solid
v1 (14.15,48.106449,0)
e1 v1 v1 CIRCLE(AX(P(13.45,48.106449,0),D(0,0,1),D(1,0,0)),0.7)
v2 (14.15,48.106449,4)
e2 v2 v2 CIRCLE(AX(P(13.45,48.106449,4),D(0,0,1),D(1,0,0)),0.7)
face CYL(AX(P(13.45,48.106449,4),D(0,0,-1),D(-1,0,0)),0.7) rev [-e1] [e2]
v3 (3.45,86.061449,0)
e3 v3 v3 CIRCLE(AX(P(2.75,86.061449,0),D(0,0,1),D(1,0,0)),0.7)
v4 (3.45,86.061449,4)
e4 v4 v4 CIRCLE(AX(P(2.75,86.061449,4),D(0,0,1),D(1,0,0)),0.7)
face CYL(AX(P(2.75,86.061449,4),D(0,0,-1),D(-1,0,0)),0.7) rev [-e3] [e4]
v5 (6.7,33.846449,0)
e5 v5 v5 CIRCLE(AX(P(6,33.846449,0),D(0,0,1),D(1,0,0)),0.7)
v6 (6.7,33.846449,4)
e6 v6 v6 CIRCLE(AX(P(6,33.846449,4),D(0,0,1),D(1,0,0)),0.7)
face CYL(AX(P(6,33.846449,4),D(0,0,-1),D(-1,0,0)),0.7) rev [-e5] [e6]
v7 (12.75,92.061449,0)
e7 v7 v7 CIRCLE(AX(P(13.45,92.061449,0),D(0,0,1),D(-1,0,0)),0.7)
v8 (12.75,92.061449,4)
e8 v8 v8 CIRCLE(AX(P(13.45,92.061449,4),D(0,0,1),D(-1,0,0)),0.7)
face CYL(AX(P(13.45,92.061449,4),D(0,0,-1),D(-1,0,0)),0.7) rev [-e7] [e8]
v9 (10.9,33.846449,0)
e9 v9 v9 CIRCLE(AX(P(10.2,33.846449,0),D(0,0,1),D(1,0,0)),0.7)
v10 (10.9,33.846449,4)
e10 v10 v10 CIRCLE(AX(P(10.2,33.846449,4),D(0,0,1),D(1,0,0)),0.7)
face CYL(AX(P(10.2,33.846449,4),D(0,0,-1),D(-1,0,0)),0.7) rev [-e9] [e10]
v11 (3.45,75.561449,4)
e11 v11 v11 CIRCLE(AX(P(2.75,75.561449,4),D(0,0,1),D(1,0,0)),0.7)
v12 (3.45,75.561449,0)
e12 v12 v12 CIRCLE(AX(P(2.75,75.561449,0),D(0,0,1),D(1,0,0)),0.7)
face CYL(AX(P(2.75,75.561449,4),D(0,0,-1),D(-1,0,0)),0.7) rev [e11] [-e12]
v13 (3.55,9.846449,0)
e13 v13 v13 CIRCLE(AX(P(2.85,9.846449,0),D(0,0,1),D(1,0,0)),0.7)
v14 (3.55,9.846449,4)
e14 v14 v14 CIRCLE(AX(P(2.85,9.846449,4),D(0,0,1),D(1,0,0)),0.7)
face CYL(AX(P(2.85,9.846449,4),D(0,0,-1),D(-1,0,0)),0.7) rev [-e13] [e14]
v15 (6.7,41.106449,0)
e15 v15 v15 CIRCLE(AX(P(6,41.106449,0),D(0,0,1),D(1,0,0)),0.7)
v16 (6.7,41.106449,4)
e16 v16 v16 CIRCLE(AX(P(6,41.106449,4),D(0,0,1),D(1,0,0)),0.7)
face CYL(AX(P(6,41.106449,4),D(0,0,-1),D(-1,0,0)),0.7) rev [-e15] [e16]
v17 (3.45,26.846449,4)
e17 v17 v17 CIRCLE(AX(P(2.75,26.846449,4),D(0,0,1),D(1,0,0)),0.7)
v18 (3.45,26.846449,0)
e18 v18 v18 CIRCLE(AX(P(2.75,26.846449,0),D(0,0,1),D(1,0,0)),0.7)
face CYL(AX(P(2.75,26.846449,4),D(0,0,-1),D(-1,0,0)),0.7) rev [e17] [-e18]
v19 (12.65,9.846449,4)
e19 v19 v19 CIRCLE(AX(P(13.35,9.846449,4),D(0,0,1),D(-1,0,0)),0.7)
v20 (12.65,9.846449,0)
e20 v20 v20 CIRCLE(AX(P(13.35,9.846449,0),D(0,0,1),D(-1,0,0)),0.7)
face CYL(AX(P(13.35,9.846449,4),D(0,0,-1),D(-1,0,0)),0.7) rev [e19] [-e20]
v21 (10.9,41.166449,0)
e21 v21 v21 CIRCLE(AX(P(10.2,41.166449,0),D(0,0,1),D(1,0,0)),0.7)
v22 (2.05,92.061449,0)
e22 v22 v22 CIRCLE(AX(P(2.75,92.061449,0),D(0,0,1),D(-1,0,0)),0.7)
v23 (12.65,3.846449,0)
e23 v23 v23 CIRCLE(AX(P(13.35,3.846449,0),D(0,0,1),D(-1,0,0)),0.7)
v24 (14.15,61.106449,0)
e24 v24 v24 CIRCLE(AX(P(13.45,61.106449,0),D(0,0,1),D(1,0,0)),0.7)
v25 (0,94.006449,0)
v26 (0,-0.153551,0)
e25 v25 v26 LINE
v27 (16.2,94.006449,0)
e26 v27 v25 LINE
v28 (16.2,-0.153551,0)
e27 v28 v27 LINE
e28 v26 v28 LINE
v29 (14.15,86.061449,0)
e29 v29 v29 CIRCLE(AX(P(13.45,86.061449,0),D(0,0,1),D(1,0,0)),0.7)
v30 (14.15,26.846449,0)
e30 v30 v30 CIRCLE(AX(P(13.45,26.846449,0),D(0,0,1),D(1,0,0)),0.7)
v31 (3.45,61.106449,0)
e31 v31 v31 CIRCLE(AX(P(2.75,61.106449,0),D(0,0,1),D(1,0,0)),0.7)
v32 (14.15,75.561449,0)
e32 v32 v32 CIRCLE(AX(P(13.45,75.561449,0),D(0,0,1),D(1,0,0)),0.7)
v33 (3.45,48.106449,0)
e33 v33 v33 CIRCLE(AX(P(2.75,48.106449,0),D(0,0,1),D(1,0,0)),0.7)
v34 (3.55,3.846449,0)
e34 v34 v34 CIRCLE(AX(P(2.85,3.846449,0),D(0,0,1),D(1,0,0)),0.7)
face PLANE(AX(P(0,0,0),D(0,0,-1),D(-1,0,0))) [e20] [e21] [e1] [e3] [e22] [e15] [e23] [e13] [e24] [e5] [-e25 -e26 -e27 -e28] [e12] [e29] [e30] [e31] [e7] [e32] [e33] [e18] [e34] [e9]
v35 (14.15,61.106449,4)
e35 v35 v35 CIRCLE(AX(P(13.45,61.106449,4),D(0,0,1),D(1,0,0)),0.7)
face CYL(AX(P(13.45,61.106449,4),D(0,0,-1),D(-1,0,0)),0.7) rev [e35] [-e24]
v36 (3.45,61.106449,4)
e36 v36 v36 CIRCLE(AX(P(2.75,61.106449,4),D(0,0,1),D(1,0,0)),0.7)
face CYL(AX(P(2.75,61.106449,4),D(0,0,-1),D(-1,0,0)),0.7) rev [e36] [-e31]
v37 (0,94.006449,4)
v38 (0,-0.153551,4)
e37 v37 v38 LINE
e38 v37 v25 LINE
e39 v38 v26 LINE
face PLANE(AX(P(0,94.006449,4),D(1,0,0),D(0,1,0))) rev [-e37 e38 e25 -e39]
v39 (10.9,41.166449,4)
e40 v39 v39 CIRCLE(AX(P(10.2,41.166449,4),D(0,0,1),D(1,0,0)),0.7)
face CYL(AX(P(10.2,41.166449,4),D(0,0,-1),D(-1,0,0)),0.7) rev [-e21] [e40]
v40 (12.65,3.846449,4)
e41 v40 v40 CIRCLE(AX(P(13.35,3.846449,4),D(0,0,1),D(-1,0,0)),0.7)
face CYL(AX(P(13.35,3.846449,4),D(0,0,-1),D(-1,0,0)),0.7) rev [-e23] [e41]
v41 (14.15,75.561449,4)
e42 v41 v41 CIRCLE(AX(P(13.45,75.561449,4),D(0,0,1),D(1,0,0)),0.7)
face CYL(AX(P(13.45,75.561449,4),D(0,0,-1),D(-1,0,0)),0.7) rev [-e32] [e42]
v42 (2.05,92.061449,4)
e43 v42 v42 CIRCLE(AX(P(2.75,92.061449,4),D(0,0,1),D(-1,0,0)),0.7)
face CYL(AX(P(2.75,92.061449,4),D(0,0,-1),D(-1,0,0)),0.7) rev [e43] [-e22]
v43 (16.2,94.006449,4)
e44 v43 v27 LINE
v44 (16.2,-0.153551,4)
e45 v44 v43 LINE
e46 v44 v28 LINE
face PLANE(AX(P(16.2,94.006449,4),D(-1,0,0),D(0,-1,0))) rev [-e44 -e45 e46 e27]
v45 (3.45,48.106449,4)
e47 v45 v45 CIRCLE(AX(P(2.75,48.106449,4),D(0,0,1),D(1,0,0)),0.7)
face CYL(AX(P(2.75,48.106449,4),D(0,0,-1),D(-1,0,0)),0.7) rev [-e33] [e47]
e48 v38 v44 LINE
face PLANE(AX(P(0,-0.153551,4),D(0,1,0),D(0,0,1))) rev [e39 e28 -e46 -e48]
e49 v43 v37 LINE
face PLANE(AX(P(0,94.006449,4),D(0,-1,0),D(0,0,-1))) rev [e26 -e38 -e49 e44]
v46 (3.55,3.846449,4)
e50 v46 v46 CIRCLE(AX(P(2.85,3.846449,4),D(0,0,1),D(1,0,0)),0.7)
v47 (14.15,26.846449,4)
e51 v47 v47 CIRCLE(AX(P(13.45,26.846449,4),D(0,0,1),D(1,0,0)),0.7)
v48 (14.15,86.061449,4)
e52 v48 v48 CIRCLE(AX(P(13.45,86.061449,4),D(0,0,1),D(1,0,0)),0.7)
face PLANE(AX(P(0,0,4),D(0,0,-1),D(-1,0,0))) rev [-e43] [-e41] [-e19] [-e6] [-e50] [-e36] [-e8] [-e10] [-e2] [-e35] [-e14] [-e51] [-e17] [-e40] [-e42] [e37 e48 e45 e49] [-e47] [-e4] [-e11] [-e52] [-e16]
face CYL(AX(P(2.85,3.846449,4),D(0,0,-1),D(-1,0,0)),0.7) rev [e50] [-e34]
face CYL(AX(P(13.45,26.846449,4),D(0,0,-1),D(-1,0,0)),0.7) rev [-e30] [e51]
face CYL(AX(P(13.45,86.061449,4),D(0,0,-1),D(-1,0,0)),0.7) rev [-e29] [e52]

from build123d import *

# Parameters (mm, degrees)
SKETCH3_W           = 16.2
SKETCH3_H           = 94.16
SKETCH3_R           = 0.7
BOSS_EXTRUDE3_DEPTH = 4


with BuildPart() as part:
    # Sketch3 → Boss-Extrude3 (new body)
    with BuildSketch(Plane.XY):
        with Locations((8.1, 46.926448831)):
            Rectangle(SKETCH3_W, SKETCH3_H)
        with Locations((6, 33.846448831)):
            Circle(SKETCH3_R, mode=Mode.SUBTRACT)
        with Locations((10.2, 33.846448831)):
            Circle(SKETCH3_R, mode=Mode.SUBTRACT)
        with Locations((2.75, 86.061448831)):
            Circle(SKETCH3_R, mode=Mode.SUBTRACT)
        with Locations((10.2, 41.166448831)):
            Circle(SKETCH3_R, mode=Mode.SUBTRACT)
        with Locations((13.45, 48.106448831)):
            Circle(SKETCH3_R, mode=Mode.SUBTRACT)
        with Locations((2.75, 92.061448831)):
            Circle(SKETCH3_R, mode=Mode.SUBTRACT)
        with Locations((13.45, 86.061448831)):
            Circle(SKETCH3_R, mode=Mode.SUBTRACT)
        with Locations((2.75, 61.106448831)):
            Circle(SKETCH3_R, mode=Mode.SUBTRACT)
        with Locations((2.85, 9.846448831)):
            Circle(SKETCH3_R, mode=Mode.SUBTRACT)
        with Locations((13.35, 9.846448831)):
            Circle(SKETCH3_R, mode=Mode.SUBTRACT)
        with Locations((13.35, 3.846448831)):
            Circle(SKETCH3_R, mode=Mode.SUBTRACT)
        with Locations((2.85, 3.846448831)):
            Circle(SKETCH3_R, mode=Mode.SUBTRACT)
        with Locations((13.45, 61.106448831)):
            Circle(SKETCH3_R, mode=Mode.SUBTRACT)
        with Locations((2.75, 75.561448831)):
            Circle(SKETCH3_R, mode=Mode.SUBTRACT)
        with Locations((13.45, 26.846448831)):
            Circle(SKETCH3_R, mode=Mode.SUBTRACT)
        with Locations((13.45, 75.561448831)):
            Circle(SKETCH3_R, mode=Mode.SUBTRACT)
        with Locations((13.45, 92.061448831)):
            Circle(SKETCH3_R, mode=Mode.SUBTRACT)
        with Locations((2.75, 26.846448831)):
            Circle(SKETCH3_R, mode=Mode.SUBTRACT)
        with Locations((6, 41.106448831)):
            Circle(SKETCH3_R, mode=Mode.SUBTRACT)
        with Locations((2.75, 48.106448831)):
            Circle(SKETCH3_R, mode=Mode.SUBTRACT)
    extrude(amount=BOSS_EXTRUDE3_DEPTH)


solid = part.part
